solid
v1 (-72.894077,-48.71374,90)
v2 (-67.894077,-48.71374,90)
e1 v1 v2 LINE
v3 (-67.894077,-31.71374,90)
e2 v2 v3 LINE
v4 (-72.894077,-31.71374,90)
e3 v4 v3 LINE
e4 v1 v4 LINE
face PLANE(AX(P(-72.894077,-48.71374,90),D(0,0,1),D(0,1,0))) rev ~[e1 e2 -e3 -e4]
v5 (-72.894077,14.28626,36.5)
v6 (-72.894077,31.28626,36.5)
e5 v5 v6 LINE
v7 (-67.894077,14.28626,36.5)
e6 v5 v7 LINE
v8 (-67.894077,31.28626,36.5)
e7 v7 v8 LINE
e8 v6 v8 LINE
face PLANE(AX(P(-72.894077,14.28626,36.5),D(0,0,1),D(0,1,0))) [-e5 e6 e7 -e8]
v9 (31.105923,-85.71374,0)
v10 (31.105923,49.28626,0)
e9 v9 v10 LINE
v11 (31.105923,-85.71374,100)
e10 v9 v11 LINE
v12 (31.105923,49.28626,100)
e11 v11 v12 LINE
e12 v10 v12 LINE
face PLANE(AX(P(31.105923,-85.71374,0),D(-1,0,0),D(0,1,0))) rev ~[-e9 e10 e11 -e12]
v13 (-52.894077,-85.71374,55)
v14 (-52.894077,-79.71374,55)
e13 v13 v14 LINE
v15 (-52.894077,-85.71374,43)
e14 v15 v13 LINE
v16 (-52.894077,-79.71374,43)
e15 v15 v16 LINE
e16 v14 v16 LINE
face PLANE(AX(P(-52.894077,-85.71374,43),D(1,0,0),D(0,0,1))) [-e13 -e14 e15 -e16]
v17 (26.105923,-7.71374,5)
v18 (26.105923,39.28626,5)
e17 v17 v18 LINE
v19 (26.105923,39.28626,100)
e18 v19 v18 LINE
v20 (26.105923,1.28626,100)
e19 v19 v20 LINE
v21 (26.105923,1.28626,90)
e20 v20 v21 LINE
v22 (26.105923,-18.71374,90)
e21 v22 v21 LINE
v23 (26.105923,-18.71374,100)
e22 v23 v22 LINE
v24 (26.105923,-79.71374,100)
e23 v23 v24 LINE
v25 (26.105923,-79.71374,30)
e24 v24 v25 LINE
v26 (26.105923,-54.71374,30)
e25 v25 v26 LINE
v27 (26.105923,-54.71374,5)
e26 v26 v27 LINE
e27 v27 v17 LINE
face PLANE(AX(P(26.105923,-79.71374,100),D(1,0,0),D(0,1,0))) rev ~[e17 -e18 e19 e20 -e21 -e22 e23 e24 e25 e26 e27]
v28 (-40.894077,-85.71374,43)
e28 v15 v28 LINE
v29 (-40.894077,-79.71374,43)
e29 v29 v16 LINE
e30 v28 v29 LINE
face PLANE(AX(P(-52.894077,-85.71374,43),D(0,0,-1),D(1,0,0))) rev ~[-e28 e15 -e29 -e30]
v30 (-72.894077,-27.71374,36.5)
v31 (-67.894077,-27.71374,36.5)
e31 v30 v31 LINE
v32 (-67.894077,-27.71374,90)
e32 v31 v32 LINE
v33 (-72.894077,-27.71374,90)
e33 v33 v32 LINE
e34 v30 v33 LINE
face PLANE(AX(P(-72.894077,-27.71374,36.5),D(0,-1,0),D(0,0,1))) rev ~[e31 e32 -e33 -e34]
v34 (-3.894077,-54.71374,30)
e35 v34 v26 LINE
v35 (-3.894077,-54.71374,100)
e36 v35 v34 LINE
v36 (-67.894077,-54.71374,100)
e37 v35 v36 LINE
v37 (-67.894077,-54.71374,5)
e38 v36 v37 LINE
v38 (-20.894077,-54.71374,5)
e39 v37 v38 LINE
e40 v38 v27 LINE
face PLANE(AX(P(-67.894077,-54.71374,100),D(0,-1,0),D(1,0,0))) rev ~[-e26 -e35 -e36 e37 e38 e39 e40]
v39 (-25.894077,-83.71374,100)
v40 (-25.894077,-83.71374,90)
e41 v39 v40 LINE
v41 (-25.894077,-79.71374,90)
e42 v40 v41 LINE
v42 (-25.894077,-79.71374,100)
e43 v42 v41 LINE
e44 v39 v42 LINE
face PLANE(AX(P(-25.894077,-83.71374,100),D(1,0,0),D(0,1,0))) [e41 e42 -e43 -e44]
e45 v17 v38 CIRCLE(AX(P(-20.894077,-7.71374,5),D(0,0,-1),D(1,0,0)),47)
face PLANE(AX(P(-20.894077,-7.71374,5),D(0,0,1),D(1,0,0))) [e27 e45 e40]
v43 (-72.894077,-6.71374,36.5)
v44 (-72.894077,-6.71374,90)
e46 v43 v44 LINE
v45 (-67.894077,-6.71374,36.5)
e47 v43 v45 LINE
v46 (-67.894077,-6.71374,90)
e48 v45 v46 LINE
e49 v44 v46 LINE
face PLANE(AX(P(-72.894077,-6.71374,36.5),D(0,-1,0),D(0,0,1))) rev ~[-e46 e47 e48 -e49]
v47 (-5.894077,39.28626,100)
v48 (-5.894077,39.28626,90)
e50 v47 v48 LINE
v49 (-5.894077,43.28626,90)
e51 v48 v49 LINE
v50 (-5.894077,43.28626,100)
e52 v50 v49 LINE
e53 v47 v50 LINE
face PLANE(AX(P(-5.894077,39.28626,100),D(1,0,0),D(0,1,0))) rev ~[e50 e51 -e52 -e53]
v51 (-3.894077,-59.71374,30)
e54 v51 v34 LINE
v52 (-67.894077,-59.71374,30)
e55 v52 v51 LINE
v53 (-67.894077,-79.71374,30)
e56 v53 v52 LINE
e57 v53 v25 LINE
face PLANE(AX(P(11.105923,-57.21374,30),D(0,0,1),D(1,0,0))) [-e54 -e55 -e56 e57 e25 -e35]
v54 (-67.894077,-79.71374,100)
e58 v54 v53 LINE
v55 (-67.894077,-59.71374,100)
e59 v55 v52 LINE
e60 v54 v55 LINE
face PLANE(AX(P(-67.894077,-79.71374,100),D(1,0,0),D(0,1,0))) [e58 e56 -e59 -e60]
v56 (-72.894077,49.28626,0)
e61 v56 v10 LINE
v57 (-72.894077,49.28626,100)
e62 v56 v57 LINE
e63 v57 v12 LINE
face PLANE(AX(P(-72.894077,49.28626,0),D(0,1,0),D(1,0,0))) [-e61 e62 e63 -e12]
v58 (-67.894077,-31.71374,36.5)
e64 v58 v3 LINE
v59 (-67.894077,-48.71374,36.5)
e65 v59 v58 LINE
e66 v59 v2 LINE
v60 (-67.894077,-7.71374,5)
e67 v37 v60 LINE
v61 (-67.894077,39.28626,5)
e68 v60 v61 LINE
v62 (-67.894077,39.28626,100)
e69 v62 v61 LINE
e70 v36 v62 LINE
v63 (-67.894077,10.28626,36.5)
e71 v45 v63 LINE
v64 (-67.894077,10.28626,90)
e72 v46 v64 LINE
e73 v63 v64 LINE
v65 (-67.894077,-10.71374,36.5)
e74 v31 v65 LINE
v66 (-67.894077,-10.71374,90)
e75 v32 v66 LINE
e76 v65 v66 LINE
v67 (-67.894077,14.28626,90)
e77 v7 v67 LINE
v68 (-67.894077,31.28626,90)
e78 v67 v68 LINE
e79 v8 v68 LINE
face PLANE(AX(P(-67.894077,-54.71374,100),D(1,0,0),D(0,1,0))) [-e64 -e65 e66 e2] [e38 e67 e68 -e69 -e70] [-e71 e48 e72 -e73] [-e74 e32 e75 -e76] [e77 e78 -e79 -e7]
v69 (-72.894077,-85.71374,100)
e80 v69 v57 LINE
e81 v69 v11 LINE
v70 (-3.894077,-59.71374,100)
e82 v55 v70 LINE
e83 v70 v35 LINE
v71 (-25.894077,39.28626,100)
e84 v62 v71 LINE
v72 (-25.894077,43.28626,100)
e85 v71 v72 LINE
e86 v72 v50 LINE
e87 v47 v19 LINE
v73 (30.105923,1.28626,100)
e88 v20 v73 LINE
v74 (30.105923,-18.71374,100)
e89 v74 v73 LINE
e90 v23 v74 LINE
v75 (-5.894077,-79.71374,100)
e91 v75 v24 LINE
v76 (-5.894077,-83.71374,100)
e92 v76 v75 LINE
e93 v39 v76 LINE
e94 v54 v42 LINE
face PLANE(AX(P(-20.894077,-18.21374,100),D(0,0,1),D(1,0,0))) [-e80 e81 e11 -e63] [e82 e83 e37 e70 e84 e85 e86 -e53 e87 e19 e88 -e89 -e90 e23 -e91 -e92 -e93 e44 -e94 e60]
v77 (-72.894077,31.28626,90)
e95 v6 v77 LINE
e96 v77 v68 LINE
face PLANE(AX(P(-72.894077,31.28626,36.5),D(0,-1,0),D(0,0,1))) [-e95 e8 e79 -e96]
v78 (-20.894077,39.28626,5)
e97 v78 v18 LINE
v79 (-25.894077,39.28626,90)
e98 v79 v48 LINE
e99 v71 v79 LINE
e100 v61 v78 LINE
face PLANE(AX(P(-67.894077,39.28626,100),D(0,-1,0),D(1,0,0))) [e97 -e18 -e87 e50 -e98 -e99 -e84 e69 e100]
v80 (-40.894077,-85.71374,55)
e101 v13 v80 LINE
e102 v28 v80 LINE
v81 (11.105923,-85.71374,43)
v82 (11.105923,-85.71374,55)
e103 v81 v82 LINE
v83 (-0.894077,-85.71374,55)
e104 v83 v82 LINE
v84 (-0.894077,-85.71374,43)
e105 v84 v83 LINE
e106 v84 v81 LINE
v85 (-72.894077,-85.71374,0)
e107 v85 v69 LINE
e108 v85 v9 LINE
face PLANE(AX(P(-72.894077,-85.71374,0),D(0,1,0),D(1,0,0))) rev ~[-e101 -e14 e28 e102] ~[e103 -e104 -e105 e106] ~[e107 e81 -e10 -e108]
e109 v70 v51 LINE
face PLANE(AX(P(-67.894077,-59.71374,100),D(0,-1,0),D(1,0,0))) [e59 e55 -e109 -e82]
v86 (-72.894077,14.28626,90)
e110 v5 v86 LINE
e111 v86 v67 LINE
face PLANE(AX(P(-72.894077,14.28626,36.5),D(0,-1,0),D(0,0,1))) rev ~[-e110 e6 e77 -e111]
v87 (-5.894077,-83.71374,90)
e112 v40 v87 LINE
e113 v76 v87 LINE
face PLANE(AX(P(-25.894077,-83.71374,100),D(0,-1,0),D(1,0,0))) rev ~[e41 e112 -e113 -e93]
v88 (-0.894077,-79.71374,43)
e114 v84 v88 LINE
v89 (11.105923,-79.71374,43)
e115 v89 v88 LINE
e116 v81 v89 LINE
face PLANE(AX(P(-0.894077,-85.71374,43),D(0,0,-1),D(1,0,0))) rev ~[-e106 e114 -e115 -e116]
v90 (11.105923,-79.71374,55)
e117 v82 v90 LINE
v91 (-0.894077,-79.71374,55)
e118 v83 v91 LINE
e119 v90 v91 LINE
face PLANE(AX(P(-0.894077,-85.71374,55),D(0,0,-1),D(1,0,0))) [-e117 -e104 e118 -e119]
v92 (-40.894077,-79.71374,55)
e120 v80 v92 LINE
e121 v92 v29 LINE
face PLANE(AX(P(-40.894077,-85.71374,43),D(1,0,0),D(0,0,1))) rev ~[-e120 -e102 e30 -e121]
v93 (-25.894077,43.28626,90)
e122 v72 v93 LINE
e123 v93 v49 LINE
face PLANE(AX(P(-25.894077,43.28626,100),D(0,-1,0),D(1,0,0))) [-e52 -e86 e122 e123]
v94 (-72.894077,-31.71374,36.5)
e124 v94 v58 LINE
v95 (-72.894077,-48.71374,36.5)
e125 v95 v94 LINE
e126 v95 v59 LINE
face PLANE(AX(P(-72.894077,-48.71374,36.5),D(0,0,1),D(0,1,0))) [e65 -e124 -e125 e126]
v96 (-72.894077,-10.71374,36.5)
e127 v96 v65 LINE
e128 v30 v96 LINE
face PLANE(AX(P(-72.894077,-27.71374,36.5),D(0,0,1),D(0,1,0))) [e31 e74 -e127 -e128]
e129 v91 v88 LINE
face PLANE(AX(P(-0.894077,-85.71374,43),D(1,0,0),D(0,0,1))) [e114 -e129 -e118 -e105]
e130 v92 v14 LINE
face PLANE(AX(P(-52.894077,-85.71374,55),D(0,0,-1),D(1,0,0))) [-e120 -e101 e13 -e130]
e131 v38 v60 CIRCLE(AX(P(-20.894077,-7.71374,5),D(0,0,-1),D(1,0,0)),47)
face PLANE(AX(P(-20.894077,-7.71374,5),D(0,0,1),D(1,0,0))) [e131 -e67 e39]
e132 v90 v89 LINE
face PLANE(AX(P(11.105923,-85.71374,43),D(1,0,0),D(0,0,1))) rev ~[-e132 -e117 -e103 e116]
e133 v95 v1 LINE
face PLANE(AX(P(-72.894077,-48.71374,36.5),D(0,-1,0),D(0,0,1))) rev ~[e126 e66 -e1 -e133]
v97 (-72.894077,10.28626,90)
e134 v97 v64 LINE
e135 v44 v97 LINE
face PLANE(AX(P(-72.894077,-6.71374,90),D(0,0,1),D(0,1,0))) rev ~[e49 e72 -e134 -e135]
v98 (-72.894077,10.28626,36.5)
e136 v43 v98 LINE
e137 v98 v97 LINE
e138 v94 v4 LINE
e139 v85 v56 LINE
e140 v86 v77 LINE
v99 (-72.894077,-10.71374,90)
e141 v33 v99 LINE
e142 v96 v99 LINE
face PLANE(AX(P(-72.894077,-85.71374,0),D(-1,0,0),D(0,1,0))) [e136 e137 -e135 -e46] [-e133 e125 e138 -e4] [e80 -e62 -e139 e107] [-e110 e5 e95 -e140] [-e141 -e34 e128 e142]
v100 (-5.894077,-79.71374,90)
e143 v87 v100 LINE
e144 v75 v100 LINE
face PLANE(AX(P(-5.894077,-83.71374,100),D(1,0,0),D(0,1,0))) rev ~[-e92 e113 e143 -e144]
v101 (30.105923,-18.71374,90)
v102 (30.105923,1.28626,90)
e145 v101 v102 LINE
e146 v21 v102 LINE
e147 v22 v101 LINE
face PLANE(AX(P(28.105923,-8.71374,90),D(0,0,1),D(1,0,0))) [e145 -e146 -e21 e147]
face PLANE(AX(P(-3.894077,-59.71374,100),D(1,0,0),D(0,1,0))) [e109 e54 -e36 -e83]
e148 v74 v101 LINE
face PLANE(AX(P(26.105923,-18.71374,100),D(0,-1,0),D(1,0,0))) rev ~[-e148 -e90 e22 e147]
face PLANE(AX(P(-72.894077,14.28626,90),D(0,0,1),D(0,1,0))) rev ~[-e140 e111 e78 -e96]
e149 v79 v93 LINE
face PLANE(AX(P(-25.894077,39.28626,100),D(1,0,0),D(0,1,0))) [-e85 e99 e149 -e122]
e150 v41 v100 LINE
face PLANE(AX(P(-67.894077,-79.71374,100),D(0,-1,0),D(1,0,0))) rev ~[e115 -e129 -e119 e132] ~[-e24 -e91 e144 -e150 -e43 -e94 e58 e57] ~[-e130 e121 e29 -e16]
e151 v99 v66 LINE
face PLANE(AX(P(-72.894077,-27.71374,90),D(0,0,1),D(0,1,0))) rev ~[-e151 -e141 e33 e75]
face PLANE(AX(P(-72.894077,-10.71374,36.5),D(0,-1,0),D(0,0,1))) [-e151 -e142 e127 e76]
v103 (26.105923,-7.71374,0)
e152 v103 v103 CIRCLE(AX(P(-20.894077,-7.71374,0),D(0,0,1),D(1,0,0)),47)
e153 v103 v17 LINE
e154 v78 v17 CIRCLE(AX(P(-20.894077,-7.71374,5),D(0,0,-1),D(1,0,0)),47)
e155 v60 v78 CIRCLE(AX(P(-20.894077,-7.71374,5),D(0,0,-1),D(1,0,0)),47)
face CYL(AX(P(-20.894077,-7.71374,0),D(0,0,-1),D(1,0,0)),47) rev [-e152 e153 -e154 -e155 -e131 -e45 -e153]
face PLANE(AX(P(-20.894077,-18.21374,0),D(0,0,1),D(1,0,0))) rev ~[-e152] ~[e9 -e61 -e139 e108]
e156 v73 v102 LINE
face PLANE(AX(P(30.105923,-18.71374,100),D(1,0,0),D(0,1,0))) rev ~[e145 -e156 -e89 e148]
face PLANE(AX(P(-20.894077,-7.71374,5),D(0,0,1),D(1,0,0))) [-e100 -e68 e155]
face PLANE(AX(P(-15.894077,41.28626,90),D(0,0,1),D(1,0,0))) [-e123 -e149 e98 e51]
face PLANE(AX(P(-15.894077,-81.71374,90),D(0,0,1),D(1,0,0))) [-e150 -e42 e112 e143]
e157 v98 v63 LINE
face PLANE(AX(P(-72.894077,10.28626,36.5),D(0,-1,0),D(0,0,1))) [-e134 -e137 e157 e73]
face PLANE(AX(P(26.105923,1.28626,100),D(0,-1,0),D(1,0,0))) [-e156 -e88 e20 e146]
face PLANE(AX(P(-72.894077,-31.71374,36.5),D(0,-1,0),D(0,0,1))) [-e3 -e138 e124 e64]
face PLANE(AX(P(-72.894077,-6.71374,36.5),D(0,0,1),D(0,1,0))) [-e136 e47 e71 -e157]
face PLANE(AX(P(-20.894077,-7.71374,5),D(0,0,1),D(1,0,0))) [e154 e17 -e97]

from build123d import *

# Parameters (mm, degrees)
SKETCH_1_W          = 104
SKETCH_1_H          = 135
SKETCH_1_R          = 47
EXTRUDE_2_DEPTH     = 100
SKETCH_2_W          = 94
SKETCH_2_H          = 94
CUT_EXTRUDE_1_DEPTH = 95
SKETCH_3_W          = 30
SKETCH_3_H          = 5
SKETCH_3_W_2        = 94
SKETCH_3_H_2        = 20
CUT_EXTRUDE_3_DEPTH = 70
SKETCH_4_W          = 20
SKETCH_4_H          = 4
SKETCH_4_W_2        = 4
SKETCH_4_H_2        = 20
CUT_EXTRUDE_4_DEPTH = 10
CUT_EXTRUDE_6_REACH = 106
SKETCH_6_W          = 53.5
SKETCH_6_H          = 17
CUT_EXTRUDE_7_REACH = 137
SKETCH_7_W          = 12
SKETCH_7_H          = 12


with BuildPart() as part:
    # 草圖1 → 填料-伸長2 (new body)
    with BuildSketch(Plane.XY):
        with Locations((-20.894077044, -18.213740458)):
            Rectangle(SKETCH_1_W, SKETCH_1_H)
        with Locations((-20.894077044, -7.713740458)):
            Circle(SKETCH_1_R, mode=Mode.SUBTRACT)
    extrude(amount=EXTRUDE_2_DEPTH)

    # 草圖2 → 除料-伸長1 (cut)
    with BuildSketch(Plane.XY.offset(100)):
        with Locations((-20.894077044, -7.713740458)):
            Rectangle(SKETCH_2_W, SKETCH_2_H)
    extrude(amount=-CUT_EXTRUDE_1_DEPTH, mode=Mode.SUBTRACT)

    # 草圖3 → 除料-伸長3 (cut)
    with BuildSketch(Plane.XY.offset(100)):
        with Locations((11.105922956, -57.213740458)):
            Rectangle(SKETCH_3_W, SKETCH_3_H)
        with Locations((-20.894077044, -69.713740458)):
            Rectangle(SKETCH_3_W_2, SKETCH_3_H_2)
    extrude(amount=-CUT_EXTRUDE_3_DEPTH, mode=Mode.SUBTRACT)

    # 草圖4 → 除料-伸長4 (cut)
    with BuildSketch(Plane.XY.offset(100)):
        with Locations((-15.894077044, -81.713740458)):
            Rectangle(SKETCH_4_W, SKETCH_4_H)
        with Locations((28.105922956, -8.713740458)):
            Rectangle(SKETCH_4_W_2, SKETCH_4_H_2)
        with Locations((-15.894077044, 41.286259542)):
            Rectangle(SKETCH_4_W, SKETCH_4_H)
    extrude(amount=-CUT_EXTRUDE_4_DEPTH, mode=Mode.SUBTRACT)

    # 草圖6 → 除料-伸長6 (cut, up to next)
    with BuildSketch(Plane.ZY.offset(72.894077044), mode=Mode.PRIVATE) as cut_extrude_6_sk1:
        with Locations((63.25, 22.786259542)):
            Rectangle(SKETCH_6_W, SKETCH_6_H)
    cut_extrude_6_tool1 = extrude(cut_extrude_6_sk1.sketch, amount=-CUT_EXTRUDE_6_REACH, mode=Mode.PRIVATE) & part.part
    add(cut_extrude_6_tool1.solids().sort_by_distance((-72.894077, 22.78626, 63.25))[0], mode=Mode.SUBTRACT)
    # 草圖6 → 除料-伸長6 (cut, up to next)
    with BuildSketch(Plane.ZY.offset(72.894077044), mode=Mode.PRIVATE) as cut_extrude_6_sk2:
        with Locations((63.25, 1.786259542)):
            Rectangle(SKETCH_6_W, SKETCH_6_H)
    cut_extrude_6_tool2 = extrude(cut_extrude_6_sk2.sketch, amount=-CUT_EXTRUDE_6_REACH, mode=Mode.PRIVATE) & part.part
    add(cut_extrude_6_tool2.solids().sort_by_distance((-72.894077, 1.78626, 63.25))[0], mode=Mode.SUBTRACT)
    # 草圖6 → 除料-伸長6 (cut, up to next)
    with BuildSketch(Plane.ZY.offset(72.894077044), mode=Mode.PRIVATE) as cut_extrude_6_sk3:
        with Locations((63.25, -19.213740458)):
            Rectangle(SKETCH_6_W, SKETCH_6_H)
    cut_extrude_6_tool3 = extrude(cut_extrude_6_sk3.sketch, amount=-CUT_EXTRUDE_6_REACH, mode=Mode.PRIVATE) & part.part
    add(cut_extrude_6_tool3.solids().sort_by_distance((-72.894077, -19.21374, 63.25))[0], mode=Mode.SUBTRACT)
    # 草圖6 → 除料-伸長6 (cut, up to next)
    with BuildSketch(Plane.ZY.offset(72.894077044), mode=Mode.PRIVATE) as cut_extrude_6_sk4:
        with Locations((63.25, -40.213740458)):
            Rectangle(SKETCH_6_W, SKETCH_6_H)
    cut_extrude_6_tool4 = extrude(cut_extrude_6_sk4.sketch, amount=-CUT_EXTRUDE_6_REACH, mode=Mode.PRIVATE) & part.part
    add(cut_extrude_6_tool4.solids().sort_by_distance((-72.894077, -40.21374, 63.25))[0], mode=Mode.SUBTRACT)

    # 草圖7 → 除料-伸長7 (cut, up to next)
    with BuildSketch(Plane.XZ.offset(85.713740458), mode=Mode.PRIVATE) as cut_extrude_7_sk1:
        with Locations((5.105922956, 49)):
            Rectangle(SKETCH_7_W, SKETCH_7_H)
    cut_extrude_7_tool1 = extrude(cut_extrude_7_sk1.sketch, amount=-CUT_EXTRUDE_7_REACH, mode=Mode.PRIVATE) & part.part
    add(cut_extrude_7_tool1.solids().sort_by_distance((5.105923, -85.71374, 49))[0], mode=Mode.SUBTRACT)
    # 草圖7 → 除料-伸長7 (cut, up to next)
    with BuildSketch(Plane.XZ.offset(85.713740458), mode=Mode.PRIVATE) as cut_extrude_7_sk2:
        with Locations((-46.894077044, 49)):
            Rectangle(SKETCH_7_W, SKETCH_7_H)
    cut_extrude_7_tool2 = extrude(cut_extrude_7_sk2.sketch, amount=-CUT_EXTRUDE_7_REACH, mode=Mode.PRIVATE) & part.part
    add(cut_extrude_7_tool2.solids().sort_by_distance((-46.894077, -85.71374, 49))[0], mode=Mode.SUBTRACT)


solid = part.part
